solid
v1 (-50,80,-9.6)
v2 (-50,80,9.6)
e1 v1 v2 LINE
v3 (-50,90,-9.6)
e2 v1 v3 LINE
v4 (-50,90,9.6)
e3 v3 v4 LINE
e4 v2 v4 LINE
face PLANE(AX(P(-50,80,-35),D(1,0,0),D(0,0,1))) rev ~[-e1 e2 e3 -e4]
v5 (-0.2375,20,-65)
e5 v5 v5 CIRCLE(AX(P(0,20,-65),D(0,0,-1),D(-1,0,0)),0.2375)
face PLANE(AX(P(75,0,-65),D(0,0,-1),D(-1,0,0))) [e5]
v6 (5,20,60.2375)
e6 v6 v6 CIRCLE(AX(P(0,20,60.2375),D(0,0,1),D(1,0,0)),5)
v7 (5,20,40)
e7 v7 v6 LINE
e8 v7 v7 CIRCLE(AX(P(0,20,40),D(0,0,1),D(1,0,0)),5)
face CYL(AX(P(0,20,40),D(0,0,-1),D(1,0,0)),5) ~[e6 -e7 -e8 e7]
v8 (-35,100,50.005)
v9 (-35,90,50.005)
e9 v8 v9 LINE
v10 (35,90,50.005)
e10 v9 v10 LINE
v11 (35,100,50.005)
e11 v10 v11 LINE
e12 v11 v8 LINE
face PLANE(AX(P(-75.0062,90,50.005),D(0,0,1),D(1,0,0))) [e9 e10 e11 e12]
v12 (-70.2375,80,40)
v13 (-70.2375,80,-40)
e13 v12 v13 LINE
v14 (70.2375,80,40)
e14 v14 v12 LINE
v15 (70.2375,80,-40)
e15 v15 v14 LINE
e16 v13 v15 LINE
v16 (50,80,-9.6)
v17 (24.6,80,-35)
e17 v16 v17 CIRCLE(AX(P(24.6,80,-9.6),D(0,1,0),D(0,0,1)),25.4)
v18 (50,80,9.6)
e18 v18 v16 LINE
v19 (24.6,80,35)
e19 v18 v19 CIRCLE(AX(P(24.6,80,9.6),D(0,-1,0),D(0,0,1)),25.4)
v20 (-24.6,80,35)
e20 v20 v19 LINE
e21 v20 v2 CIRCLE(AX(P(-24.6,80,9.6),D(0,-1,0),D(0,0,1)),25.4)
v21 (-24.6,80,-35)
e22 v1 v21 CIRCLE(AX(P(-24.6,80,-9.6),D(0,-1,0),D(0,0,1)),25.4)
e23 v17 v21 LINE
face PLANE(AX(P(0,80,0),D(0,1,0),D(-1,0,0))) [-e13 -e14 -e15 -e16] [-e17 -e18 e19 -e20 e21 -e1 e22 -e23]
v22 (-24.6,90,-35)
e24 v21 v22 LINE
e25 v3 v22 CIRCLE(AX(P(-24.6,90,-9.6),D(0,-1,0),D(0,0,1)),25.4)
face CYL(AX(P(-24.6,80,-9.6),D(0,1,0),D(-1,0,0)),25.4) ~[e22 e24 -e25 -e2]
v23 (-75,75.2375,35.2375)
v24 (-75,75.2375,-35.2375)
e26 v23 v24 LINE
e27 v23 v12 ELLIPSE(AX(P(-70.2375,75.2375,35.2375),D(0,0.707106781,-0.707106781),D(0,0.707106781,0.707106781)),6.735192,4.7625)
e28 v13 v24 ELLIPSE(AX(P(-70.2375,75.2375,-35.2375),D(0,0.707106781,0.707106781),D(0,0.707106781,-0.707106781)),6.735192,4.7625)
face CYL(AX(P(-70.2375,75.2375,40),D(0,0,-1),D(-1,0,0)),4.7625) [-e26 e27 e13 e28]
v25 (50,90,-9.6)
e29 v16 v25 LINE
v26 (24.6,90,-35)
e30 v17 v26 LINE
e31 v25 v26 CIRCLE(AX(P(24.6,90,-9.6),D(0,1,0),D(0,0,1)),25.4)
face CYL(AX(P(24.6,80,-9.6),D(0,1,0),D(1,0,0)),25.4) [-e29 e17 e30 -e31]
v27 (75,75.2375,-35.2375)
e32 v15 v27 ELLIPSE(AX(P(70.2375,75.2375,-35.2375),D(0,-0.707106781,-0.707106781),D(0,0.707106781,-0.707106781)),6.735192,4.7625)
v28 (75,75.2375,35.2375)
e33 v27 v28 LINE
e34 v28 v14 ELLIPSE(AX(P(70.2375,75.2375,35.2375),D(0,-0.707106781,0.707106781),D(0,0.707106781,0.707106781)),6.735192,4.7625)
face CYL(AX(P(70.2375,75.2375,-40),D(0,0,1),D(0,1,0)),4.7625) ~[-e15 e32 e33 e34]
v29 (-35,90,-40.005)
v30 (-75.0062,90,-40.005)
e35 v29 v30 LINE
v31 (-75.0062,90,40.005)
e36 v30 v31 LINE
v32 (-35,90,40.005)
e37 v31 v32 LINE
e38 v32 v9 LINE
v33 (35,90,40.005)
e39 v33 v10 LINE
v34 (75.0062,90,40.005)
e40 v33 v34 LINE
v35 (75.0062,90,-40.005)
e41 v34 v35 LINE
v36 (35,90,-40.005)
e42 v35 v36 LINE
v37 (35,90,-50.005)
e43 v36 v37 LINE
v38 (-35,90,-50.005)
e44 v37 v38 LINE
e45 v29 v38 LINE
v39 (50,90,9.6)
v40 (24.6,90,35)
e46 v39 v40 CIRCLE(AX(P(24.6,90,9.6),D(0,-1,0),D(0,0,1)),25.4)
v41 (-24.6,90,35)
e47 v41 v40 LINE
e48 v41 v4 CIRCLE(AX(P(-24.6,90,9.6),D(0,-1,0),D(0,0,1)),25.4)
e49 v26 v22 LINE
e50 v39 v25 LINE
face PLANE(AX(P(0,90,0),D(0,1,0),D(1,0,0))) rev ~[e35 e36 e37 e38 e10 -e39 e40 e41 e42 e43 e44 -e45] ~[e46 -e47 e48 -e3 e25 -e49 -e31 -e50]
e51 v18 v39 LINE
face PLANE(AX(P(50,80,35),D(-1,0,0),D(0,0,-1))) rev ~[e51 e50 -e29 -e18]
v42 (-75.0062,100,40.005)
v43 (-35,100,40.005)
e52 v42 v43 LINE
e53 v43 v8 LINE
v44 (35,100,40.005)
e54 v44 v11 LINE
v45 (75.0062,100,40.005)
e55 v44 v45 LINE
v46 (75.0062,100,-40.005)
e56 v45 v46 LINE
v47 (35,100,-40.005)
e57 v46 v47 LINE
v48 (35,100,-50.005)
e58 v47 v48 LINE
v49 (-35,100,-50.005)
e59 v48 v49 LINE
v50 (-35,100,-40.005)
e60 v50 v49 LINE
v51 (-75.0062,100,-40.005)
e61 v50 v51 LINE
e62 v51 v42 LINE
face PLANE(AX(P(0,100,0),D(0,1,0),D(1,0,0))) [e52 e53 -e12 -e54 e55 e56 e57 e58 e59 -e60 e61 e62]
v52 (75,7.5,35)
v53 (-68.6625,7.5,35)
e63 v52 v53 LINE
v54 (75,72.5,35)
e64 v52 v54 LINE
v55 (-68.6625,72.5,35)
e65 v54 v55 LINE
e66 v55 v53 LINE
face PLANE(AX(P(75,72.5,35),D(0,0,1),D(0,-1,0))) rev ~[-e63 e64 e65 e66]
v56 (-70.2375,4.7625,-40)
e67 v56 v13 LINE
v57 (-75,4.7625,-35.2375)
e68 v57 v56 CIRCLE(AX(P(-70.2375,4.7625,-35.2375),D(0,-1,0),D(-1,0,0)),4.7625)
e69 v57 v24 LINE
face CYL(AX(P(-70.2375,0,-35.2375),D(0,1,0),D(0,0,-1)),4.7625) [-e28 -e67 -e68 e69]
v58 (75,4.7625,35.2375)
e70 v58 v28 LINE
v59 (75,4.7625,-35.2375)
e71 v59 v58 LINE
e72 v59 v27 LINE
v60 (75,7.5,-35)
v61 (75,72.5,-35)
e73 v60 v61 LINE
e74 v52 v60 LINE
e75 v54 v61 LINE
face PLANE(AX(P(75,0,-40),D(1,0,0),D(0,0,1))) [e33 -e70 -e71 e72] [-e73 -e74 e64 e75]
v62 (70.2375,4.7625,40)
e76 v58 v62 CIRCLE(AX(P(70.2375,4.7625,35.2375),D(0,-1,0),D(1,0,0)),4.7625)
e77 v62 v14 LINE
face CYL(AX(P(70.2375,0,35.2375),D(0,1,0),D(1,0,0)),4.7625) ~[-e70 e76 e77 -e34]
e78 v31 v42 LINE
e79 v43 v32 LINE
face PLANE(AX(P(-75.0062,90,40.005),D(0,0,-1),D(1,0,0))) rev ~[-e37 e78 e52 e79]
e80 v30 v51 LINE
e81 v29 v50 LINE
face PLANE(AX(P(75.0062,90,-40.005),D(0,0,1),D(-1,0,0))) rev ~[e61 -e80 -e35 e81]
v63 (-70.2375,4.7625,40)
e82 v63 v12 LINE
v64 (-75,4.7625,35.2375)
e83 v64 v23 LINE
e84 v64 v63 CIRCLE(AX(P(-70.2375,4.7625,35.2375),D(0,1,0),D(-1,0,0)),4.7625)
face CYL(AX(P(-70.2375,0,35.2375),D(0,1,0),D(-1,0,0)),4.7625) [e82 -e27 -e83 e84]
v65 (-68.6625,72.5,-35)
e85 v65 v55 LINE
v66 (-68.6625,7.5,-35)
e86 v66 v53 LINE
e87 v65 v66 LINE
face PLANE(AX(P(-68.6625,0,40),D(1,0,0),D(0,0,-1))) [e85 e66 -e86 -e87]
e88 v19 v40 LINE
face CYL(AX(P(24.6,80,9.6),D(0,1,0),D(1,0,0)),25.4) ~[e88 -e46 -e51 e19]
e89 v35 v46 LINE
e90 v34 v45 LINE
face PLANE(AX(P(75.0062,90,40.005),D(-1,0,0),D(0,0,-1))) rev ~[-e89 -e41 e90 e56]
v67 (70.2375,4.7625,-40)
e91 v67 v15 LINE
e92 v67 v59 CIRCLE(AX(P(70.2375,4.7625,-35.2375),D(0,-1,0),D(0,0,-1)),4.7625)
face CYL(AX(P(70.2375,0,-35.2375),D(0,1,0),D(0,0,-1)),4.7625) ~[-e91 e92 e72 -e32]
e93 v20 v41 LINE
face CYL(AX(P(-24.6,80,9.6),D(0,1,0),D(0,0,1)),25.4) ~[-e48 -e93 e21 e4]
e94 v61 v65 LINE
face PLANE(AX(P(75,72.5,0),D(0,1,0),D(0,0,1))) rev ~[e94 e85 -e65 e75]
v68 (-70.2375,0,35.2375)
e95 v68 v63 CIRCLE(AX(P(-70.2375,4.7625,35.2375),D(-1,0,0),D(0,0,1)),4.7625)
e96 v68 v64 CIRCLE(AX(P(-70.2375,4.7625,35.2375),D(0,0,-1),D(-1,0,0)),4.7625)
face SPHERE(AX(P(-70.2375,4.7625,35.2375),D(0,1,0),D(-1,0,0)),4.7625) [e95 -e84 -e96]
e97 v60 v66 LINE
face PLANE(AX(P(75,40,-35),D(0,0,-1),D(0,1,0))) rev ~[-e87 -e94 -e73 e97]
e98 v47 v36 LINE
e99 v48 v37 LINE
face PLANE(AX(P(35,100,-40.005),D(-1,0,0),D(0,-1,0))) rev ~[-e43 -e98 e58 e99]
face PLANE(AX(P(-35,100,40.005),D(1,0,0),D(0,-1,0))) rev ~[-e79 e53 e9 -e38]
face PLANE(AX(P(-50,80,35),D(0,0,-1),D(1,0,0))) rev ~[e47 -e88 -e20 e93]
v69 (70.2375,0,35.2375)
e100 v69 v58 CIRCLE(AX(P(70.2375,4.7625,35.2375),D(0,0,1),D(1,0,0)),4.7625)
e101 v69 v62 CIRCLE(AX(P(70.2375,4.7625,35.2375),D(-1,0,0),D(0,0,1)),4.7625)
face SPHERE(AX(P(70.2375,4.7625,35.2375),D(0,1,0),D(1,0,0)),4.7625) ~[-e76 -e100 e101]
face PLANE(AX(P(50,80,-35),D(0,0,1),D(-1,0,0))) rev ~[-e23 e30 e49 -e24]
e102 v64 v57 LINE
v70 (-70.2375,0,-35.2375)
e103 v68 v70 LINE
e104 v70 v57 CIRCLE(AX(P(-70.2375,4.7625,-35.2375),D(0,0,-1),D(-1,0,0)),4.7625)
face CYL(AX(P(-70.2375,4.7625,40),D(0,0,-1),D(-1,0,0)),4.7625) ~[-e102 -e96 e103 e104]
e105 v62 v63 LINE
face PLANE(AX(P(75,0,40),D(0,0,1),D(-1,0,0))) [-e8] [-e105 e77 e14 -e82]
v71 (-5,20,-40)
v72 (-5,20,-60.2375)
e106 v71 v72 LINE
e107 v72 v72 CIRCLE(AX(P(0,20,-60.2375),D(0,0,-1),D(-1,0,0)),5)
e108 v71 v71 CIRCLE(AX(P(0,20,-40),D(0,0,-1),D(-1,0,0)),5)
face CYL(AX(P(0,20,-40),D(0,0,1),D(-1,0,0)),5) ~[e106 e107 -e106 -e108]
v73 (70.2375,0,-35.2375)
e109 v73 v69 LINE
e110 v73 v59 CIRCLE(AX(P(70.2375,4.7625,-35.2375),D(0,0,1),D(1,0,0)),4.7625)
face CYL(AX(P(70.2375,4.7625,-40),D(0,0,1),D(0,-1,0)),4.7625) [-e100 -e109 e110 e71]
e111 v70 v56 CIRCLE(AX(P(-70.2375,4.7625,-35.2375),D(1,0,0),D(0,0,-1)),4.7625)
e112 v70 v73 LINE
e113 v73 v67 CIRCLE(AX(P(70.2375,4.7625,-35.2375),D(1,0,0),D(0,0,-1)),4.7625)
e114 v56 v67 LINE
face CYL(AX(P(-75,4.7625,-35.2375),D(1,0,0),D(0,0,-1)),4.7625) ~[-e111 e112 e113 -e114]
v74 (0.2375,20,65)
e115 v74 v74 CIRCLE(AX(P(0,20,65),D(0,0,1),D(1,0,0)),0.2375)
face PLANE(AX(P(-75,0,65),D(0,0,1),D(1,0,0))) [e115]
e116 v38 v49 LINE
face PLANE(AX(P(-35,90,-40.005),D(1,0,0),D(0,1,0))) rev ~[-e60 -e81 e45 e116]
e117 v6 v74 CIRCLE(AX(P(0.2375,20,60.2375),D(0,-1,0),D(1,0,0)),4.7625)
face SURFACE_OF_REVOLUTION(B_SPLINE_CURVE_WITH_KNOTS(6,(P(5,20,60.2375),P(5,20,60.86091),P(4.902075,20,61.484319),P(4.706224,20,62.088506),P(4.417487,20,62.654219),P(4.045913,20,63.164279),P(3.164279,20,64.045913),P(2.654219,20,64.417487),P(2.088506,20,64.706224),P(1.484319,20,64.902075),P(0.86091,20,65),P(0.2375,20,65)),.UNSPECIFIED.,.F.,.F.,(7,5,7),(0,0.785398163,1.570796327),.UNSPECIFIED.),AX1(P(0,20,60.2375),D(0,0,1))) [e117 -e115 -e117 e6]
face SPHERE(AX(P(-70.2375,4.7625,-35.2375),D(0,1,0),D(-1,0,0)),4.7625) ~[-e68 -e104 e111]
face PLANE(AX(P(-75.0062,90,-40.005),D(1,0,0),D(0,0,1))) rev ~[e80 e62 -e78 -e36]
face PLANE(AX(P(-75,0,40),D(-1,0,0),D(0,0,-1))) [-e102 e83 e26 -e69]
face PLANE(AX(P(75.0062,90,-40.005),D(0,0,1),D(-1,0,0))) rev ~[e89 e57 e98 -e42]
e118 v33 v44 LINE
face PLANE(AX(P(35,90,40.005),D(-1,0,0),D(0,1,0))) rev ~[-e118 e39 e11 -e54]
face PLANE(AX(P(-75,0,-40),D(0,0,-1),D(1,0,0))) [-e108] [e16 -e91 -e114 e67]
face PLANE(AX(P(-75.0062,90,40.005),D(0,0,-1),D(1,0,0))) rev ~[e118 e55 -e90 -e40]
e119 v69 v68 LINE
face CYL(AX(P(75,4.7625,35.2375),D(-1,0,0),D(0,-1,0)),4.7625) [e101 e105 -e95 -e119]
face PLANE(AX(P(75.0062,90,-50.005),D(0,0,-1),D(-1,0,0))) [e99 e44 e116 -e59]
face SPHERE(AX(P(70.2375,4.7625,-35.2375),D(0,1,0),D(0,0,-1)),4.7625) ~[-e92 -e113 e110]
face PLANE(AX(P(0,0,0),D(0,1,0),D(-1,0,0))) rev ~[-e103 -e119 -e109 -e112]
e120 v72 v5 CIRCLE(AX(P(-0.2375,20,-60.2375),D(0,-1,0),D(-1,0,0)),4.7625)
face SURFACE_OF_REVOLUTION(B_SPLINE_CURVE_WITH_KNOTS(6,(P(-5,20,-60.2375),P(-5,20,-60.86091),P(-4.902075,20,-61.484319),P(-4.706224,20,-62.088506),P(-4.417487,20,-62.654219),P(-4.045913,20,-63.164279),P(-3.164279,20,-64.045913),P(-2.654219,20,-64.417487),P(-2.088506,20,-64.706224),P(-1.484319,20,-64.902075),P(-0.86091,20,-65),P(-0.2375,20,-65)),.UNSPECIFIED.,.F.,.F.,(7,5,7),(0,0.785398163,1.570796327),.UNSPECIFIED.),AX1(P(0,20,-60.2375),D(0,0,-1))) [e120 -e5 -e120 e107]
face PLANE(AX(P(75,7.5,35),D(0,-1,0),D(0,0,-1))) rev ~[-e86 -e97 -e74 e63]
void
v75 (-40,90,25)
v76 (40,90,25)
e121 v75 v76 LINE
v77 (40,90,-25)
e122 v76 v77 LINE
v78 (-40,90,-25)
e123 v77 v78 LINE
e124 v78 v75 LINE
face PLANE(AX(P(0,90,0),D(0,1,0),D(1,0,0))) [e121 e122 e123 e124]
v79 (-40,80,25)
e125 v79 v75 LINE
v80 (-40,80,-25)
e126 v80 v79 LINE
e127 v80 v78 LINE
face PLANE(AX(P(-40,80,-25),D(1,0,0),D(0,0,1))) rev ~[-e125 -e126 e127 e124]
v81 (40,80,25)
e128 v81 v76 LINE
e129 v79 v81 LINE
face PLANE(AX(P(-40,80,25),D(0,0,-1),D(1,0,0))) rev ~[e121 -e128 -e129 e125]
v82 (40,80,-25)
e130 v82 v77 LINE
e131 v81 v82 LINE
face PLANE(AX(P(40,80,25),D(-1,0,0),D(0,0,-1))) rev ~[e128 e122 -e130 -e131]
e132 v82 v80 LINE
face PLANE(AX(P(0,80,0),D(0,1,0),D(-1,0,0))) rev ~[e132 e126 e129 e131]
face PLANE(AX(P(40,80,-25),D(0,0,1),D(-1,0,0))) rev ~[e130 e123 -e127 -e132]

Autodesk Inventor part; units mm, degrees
ref_plane "YZ Plane" through (0, 0, 0) normal (1, 0, 0) x (0, 1, 0)
ref_plane "XZ Plane" through (0, 0, 0) normal (0, 1, 0) x (-1, 0, 0)
ref_plane "XY Plane" through (0, 0, 0) normal (0, 0, 1) x (1, 0, 0)
sketch "Sketch1" plane through (0, 0, 0) normal (0, 1, 0) x (-1, 0, 0)
  line L0 (75, -40) -> (-75, -40)
  line L1 (-75, -40) -> (-75, 40)
  line L2 (-75, 40) -> (75, 40)
  line L3 (75, 40) -> (75, -40)
  line L4 (75, -40) -> (-75, 40) construction
  line L5 (-75, -40) -> (75, 40) construction
  point P0 (0, 0)
  dimension "d0" = 80
  dimension "d1" = 150
extrude "Extrusion1" add sketch "Sketch1" along normal blind 80
sketch "Sketch2" plane through (75, 0, 40) normal (1, 0, 0) x (0, 0, -1)
  line L0 (0, 0) -> (0, 80) projected
  line L1 (0, 40) -> (80, 40)
  line L2 (80, 0) -> (80, 80) projected
  line L3 (40, 0) -> (40, 80)
  line L4 (0, 80) -> (80, 80) projected
  line L5 (75, 72.5) -> (5, 72.5)
  line L6 (5, 72.5) -> (5, 7.5)
  line L7 (5, 7.5) -> (75, 7.5)
  line L8 (75, 7.5) -> (75, 72.5)
  line L9 (75, 72.5) -> (5, 7.5) construction
  line L10 (5, 72.5) -> (75, 7.5) construction
  point P0 (40, 40)
  dimension "d4" = 70
  dimension "d5" = 65
extrude "Extrusion2" cut sketch "Sketch2" against normal blind 143.6625 contours L6 L5 L3 L1 | L1 L3 L7 L6 | L3 L5 L8 L1 | L1 L8 L7 L3
sketch "Sketch8" plane through (-75, 0, 40) normal (0, 0, 1) x (1, 0, 0)
  line L0 (0, 0) -> (0, 80) projected
  line L1 (0, 40) -> (75, 40) construction
  line L2 (75, 40) -> (75, 0) construction
  line L3 (0, 20) -> (75, 20) construction
  circle A0 centre (75, 20) radius 5
  dimension "d24" = 10
extrude "Extrusion5" add sketch "Sketch8" along normal blind 25
sketch "Sketch9" plane through (75, 0, -40) normal (0, 0, -1) x (-1, 0, 0)
  line L0 (0, 0) -> (0, 80) projected
  line L1 (0, 40) -> (75, 40) construction
  line L2 (75, 40) -> (75, 0) construction
  circle A0 centre (75, 20) radius 5 projected
  line L3 (0, 20) -> (75, 20) construction
  circle A1 centre (75, 20) radius 5
  dimension "d25" = 10
extrude "Extrusion6" add sketch "Sketch9" along normal blind 25
fillet "Fillet1" radius 4.7625 1 edges at (-5, 20, 65)
fillet "Fillet2" radius 4.7625 1 edges at (5, 20, -65)
fillet "Fillet3" radius 4.7625 10 edges at (-75, 40, -40) (-75, 40, 40) (75, 40, 40) (75, 40, -40) (-75, 80, 0) (75, 80, 0) (-75, 0, 0) (0, 0, -40) (75, 0, 0) (0, 0, 40)
sketch "Sketch10" plane through (0, 80, 0) normal (0, 1, 0) x (1, 0, 0)
  line L0 (50, 35) -> (-50, 35)
  line L1 (-50, 35) -> (-50, -35)
  line L2 (-50, -35) -> (50, -35)
  line L3 (50, -35) -> (50, 35)
  line L4 (50, 35) -> (-50, -35) construction
  line L5 (-50, 35) -> (50, -35) construction
  line L6 (40, 25) -> (-40, 25)
  line L7 (-40, 25) -> (-40, -25)
  line L8 (-40, -25) -> (40, -25)
  line L9 (40, -25) -> (40, 25)
  line L10 (40, 25) -> (-40, -25) construction
  line L11 (-40, 25) -> (40, -25) construction
  point P0 (0, 0)
  dimension "d29" = 70
  dimension "d30" = 100
  dimension "d31" = 10
  dimension "d32" = 10
extrude "Extrusion7" add sketch "Sketch10" along normal blind 10
sketch "Sketch11" plane through (0, 90, 0) normal (0, 1, 0) x (1, 0, 0)
  line L0 (75.0062, 40.005) -> (-75.0062, 40.005)
  line L1 (-75.0062, 40.005) -> (-75.0062, -40.005)
  line L2 (-75.0062, -40.005) -> (75.0062, -40.005)
  line L3 (75.0062, -40.005) -> (75.0062, 40.005)
  line L4 (75.0062, 40.005) -> (-75.0062, -40.005) construction
  line L5 (-75.0062, 40.005) -> (75.0062, -40.005) construction
  point P0 (0, 0)
  dimension "d35" = 80.01
  dimension "d36" = 150.0124
extrude "Extrusion8" add sketch "Sketch11" along normal blind 10
sketch "Sketch12" plane through (-75.0062, 90, 40.005) normal (0, 0, 1) x (1, 0, 0)
  line L0 (150.0124, 10) -> (0, 10) construction
  line L1 (150.0124, 0) -> (0, 0) construction
  line L2 (0, 10) -> (150.0124, 0) construction
  line L3 (0, 0) -> (150.0124, 10) construction
  line L4 (35.0062, 0) -> (115.0062, 0) projected
  line L5 (110.0062, 10) -> (40.0062, 10)
  line L6 (40.0062, 10) -> (40.0062, 0)
  line L7 (40.0062, 0) -> (110.0062, 0)
  line L8 (110.0062, 0) -> (110.0062, 10)
  line L9 (110.0062, 10) -> (40.0062, 0) construction
  line L10 (40.0062, 10) -> (110.0062, 0) construction
  point P0 (75.0062, -90)
  point P1 (75.0062, 5)
  dimension "d39" = 70
extrude "Extrusion9" add sketch "Sketch12" along normal blind 10
sketch "Sketch13" plane through (75.0062, 90, -40.005) normal (0, 0, -1) x (-1, 0, 0)
  line L0 (0, 0) -> (150.0124, 0) projected
  line L1 (150.0124, 0) -> (150.0124, 10) projected
  line L2 (0, 10) -> (150.0124, 10) projected
  line L3 (0, 0) -> (0, 10) projected
  line L4 (0, 10) -> (150.0124, 0) construction
  line L5 (150.0124, 10) -> (0, 0) construction
  line L6 (35.0062, 0) -> (115.0062, 0) projected
  line L7 (110.0062, 10) -> (40.0062, 10)
  line L8 (40.0062, 10) -> (40.0062, 0)
  line L9 (40.0062, 0) -> (110.0062, 0)
  line L10 (110.0062, 0) -> (110.0062, 10)
  line L11 (110.0062, 10) -> (40.0062, 0) construction
  line L12 (40.0062, 10) -> (110.0062, 0) construction
  point P0 (75.0062, -90)
  point P1 (75.0062, 5)
  point P2 (110.0062, 10)
  point P3 (40.0062, 10)
  dimension "d42" = 70
extrude "Extrusion10" add sketch "Sketch13" along normal blind 10 contours L8 L2 L10 L0
fillet "Fillet4" radius 25.4 4 edges at (50, 85, -35) (50, 85, 35) (-50, 85, 35) (-50, 85, -35)
properties part number "Battery Container" material "Iron, Malleable"
